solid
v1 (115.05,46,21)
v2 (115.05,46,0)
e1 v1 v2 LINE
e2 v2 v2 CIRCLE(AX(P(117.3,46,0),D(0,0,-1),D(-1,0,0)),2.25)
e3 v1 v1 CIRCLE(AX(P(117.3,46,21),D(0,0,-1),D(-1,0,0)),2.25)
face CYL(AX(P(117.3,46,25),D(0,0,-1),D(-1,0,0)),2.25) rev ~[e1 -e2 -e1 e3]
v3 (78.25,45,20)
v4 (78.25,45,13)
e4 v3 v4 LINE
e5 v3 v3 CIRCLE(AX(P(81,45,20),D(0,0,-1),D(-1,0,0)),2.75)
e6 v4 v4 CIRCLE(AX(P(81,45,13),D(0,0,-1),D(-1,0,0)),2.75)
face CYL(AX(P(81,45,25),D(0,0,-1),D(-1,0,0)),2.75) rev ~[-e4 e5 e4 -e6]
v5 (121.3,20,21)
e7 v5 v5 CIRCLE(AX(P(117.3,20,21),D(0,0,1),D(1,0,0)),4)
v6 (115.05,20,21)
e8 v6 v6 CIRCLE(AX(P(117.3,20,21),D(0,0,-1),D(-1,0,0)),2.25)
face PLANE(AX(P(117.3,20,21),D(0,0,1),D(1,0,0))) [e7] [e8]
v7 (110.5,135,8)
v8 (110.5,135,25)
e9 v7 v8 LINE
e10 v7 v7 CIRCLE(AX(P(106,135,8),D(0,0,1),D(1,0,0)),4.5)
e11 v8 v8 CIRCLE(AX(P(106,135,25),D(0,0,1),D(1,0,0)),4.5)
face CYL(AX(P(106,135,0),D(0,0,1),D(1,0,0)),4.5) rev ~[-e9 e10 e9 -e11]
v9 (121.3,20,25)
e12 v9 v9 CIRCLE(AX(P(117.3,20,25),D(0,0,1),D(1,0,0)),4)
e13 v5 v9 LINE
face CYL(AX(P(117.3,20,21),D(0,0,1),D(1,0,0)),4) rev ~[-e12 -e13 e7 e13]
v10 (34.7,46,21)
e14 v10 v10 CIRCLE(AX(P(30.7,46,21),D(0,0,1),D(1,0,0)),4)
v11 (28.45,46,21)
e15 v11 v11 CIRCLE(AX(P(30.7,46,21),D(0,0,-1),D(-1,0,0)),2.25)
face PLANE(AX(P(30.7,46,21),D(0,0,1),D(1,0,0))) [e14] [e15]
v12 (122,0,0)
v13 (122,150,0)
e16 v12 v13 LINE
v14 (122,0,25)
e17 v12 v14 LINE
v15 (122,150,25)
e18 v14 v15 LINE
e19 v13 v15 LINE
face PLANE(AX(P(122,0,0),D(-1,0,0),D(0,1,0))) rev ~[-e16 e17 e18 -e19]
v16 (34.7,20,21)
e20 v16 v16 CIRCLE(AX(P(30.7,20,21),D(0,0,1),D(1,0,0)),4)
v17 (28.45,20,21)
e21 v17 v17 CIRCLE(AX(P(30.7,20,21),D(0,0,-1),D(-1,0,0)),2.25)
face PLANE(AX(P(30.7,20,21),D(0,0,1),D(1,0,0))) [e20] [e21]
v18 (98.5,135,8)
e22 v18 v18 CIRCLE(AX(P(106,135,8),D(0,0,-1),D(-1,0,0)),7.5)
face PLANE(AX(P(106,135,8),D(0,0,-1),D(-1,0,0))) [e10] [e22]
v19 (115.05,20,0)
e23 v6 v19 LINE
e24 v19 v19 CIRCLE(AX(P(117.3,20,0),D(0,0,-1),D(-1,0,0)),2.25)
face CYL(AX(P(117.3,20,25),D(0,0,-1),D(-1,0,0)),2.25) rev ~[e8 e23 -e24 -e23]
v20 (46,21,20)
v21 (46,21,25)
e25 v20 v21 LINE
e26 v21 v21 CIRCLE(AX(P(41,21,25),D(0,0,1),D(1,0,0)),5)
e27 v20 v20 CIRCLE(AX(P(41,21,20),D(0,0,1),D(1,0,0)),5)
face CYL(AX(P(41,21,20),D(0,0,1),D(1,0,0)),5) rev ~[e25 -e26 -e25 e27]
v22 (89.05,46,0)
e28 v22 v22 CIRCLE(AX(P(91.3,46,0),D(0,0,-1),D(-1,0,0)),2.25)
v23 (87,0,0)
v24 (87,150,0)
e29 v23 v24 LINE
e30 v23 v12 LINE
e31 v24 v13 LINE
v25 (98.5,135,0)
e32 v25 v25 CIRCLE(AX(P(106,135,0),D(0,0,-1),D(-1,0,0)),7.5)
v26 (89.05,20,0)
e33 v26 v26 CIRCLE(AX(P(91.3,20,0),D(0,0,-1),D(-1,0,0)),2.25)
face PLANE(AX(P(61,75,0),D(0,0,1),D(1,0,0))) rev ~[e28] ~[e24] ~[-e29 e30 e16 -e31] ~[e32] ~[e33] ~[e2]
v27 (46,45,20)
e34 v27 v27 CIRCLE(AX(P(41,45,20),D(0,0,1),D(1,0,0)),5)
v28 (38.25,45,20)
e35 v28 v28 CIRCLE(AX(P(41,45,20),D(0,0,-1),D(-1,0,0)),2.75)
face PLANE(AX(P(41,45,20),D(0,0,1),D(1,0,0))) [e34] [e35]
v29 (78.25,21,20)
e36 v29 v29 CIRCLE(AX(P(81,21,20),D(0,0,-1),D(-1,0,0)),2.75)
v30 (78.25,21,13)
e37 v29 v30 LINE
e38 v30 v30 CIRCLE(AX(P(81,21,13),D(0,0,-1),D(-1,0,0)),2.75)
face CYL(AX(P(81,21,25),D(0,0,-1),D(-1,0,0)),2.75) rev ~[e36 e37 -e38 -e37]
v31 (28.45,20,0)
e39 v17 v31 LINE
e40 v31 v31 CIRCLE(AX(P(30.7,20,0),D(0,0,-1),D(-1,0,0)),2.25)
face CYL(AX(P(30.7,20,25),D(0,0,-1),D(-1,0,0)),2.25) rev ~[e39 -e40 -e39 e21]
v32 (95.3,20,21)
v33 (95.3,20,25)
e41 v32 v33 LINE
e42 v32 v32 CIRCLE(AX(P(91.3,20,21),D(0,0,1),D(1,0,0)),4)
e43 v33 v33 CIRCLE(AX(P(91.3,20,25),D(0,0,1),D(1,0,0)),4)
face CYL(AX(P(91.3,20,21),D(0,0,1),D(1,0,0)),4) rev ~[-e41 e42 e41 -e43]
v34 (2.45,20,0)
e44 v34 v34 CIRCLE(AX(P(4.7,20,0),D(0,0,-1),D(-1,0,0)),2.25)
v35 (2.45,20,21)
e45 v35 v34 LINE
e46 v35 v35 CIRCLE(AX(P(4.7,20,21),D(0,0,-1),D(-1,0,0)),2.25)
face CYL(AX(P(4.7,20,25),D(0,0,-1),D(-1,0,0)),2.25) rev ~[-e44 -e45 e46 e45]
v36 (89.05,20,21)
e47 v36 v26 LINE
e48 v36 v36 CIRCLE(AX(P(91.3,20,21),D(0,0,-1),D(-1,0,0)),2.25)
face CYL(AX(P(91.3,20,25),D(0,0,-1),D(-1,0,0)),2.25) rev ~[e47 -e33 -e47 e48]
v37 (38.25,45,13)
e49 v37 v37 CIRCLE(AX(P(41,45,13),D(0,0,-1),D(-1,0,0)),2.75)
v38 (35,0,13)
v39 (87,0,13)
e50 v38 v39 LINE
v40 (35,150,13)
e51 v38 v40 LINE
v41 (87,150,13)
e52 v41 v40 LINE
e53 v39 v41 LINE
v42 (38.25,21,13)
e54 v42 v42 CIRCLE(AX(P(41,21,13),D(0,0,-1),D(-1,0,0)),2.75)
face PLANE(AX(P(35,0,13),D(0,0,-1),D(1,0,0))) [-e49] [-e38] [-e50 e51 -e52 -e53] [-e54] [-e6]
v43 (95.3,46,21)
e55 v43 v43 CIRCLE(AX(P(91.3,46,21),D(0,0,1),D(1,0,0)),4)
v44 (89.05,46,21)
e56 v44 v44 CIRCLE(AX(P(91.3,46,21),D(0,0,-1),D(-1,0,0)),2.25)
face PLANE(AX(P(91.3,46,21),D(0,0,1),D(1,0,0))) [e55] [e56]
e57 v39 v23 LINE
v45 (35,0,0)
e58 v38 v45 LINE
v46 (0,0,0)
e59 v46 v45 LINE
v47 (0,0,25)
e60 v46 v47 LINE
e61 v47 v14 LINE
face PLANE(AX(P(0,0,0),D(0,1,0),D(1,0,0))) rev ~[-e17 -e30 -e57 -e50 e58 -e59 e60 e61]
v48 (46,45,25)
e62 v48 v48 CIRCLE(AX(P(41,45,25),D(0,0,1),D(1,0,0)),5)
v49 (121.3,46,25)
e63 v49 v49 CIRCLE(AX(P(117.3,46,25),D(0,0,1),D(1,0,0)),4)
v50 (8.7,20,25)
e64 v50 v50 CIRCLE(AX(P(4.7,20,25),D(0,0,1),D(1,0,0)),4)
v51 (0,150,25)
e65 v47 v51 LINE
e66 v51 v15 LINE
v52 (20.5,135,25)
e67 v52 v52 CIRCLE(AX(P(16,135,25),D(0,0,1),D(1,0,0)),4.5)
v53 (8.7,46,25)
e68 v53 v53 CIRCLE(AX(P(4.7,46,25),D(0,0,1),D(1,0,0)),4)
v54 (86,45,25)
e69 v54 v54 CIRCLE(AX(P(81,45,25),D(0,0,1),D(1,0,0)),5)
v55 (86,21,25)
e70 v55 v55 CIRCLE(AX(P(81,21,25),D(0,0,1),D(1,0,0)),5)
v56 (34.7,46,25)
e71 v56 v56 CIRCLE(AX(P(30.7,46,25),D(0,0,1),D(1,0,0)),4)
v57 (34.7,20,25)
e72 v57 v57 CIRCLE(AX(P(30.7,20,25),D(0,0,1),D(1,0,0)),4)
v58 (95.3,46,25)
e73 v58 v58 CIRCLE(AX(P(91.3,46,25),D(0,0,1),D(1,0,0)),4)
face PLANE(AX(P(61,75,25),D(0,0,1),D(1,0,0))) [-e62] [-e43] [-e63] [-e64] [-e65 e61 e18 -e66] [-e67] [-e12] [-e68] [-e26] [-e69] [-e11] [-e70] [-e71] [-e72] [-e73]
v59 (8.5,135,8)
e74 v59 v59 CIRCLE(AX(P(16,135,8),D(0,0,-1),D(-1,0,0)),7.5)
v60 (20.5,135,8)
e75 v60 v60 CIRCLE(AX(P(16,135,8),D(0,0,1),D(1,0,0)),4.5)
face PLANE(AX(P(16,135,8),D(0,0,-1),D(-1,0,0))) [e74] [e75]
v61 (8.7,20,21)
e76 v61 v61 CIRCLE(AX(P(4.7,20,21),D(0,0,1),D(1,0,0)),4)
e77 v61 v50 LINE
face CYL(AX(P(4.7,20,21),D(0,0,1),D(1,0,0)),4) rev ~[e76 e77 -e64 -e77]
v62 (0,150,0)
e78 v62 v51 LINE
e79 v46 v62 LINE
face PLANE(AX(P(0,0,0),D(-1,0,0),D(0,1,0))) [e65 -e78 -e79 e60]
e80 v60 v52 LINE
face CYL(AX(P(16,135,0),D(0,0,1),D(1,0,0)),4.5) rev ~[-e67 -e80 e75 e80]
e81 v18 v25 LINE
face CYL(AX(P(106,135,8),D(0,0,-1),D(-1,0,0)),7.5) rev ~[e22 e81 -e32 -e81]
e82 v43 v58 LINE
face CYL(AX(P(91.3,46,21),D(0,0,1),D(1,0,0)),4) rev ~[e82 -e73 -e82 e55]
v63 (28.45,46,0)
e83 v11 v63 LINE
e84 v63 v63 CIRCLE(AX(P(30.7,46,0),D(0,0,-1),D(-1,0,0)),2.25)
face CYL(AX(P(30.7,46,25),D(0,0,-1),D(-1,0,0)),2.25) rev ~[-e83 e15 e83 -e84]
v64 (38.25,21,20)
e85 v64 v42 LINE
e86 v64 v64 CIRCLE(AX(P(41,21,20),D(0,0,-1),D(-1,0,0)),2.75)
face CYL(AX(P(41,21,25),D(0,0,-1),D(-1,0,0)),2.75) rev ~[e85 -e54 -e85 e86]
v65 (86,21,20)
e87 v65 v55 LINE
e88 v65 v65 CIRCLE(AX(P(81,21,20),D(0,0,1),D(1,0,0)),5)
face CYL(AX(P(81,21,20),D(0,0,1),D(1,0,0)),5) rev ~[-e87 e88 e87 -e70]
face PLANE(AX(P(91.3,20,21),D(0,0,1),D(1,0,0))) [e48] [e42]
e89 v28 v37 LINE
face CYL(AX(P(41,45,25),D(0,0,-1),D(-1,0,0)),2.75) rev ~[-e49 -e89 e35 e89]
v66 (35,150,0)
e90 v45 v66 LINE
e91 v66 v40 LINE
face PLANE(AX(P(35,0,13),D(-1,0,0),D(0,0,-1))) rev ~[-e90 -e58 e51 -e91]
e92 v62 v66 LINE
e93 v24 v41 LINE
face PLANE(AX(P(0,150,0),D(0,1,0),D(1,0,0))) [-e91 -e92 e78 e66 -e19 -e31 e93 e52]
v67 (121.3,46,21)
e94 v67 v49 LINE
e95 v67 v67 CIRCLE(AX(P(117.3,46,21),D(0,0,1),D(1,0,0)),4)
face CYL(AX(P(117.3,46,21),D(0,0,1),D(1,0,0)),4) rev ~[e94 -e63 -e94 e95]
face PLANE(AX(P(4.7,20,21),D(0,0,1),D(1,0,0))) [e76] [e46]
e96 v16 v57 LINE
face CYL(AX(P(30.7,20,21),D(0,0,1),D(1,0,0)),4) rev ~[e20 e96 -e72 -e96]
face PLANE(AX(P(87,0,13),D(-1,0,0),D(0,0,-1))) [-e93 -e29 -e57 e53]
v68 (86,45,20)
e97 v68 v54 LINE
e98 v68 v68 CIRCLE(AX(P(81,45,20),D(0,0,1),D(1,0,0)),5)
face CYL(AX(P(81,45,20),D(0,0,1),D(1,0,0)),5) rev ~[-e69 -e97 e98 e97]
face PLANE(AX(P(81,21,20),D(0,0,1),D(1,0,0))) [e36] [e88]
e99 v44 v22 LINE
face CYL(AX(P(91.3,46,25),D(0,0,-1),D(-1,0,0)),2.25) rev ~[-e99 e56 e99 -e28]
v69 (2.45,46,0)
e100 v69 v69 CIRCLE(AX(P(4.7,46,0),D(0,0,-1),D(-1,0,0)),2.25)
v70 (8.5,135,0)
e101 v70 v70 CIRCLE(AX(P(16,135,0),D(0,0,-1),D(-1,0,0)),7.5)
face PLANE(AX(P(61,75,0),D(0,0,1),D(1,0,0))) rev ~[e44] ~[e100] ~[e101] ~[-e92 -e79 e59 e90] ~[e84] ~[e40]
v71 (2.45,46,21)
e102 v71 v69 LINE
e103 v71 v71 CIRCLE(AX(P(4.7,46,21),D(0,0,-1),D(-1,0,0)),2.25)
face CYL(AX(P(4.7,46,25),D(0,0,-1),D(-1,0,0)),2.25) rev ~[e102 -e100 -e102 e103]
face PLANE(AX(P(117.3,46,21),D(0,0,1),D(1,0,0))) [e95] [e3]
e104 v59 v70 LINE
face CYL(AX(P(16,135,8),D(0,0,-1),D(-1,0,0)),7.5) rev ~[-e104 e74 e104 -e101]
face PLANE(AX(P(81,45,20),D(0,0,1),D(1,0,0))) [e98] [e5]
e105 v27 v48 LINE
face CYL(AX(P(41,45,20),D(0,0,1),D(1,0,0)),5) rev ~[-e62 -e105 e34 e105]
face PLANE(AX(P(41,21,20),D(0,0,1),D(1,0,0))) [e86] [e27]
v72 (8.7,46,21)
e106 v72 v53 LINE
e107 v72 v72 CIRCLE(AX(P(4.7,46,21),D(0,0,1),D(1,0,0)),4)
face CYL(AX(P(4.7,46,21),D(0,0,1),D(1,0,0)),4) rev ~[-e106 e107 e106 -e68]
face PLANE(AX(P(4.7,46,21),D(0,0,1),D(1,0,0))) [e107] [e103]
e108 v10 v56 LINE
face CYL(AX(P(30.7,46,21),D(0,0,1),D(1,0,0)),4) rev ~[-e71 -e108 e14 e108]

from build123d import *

# Parameters (mm, degrees)
SKETCH1_W                      = 122
SKETCH1_H                      = 150
BOSS_EXTRUDE1_DEPTH            = 25
CBORE_FOR_M4_SHCS1_D           = 4.5
CBORE_FOR_M4_SHCS1_CBORE_D     = 8
CBORE_FOR_M4_SHCS1_CBORE_DEPTH = 4
SKETCH4_W                      = 52
SKETCH4_H                      = 13
CUT_EXTRUDE1_DEPTH             = 195.958970042
CBORE_FOR_M5_SHCS1_D           = 5.5
CBORE_FOR_M5_SHCS1_CBORE_D     = 10
CBORE_FOR_M5_SHCS1_CBORE_DEPTH = 5
CBORE_FOR_M8_SHCS1_D           = 9
CBORE_FOR_M8_SHCS1_CBORE_D     = 15
CBORE_FOR_M8_SHCS1_CBORE_DEPTH = 8


with BuildPart() as part:
    # Sketch1 → Boss-Extrude1 (new body)
    with BuildSketch(Plane.XY):
        with Locations((61, 75)):
            Rectangle(SKETCH1_W, SKETCH1_H)
    extrude(amount=BOSS_EXTRUDE1_DEPTH)

    # CBORE for M4 SHCS1 (through all)
    with Locations(Plane(origin=(4.7, 46, 25), x_dir=(1, 0, 0), z_dir=(0, 0, 1))):
        with Locations((0, 0), (26, 0), (0, -26), (26, -26), (86.6, 0), (112.6, 0), (112.6, -26), (86.6, -26)):
            CounterBoreHole(CBORE_FOR_M4_SHCS1_D / 2, CBORE_FOR_M4_SHCS1_CBORE_D / 2, CBORE_FOR_M4_SHCS1_CBORE_DEPTH)

    # Sketch4 → Cut-Extrude1 (cut, through all)
    with BuildSketch(Plane(origin=(0, 0, 0), x_dir=(1, 0, 0), z_dir=(0, 1, 0))):
        with Locations((61, -6.5)):
            Rectangle(SKETCH4_W, SKETCH4_H)
    extrude(amount=CUT_EXTRUDE1_DEPTH, mode=Mode.SUBTRACT)

    # CBORE for M5 SHCS1 (through all)
    with Locations(Plane(origin=(41, 45, 25), x_dir=(1, 0, 0), z_dir=(0, 0, 1))):
        with Locations((0, 0), (40, 0), (40, -24), (0, -24)):
            CounterBoreHole(CBORE_FOR_M5_SHCS1_D / 2, CBORE_FOR_M5_SHCS1_CBORE_D / 2, CBORE_FOR_M5_SHCS1_CBORE_DEPTH)

    # CBORE for M8 SHCS1 (through all)
    with Locations(Plane(origin=(106, 135, 0), x_dir=(-1, 0, 0), z_dir=(0, 0, -1))):
        with Locations((0, 0), (90, 0)):
            CounterBoreHole(CBORE_FOR_M8_SHCS1_D / 2, CBORE_FOR_M8_SHCS1_CBORE_D / 2, CBORE_FOR_M8_SHCS1_CBORE_DEPTH)


solid = part.part
